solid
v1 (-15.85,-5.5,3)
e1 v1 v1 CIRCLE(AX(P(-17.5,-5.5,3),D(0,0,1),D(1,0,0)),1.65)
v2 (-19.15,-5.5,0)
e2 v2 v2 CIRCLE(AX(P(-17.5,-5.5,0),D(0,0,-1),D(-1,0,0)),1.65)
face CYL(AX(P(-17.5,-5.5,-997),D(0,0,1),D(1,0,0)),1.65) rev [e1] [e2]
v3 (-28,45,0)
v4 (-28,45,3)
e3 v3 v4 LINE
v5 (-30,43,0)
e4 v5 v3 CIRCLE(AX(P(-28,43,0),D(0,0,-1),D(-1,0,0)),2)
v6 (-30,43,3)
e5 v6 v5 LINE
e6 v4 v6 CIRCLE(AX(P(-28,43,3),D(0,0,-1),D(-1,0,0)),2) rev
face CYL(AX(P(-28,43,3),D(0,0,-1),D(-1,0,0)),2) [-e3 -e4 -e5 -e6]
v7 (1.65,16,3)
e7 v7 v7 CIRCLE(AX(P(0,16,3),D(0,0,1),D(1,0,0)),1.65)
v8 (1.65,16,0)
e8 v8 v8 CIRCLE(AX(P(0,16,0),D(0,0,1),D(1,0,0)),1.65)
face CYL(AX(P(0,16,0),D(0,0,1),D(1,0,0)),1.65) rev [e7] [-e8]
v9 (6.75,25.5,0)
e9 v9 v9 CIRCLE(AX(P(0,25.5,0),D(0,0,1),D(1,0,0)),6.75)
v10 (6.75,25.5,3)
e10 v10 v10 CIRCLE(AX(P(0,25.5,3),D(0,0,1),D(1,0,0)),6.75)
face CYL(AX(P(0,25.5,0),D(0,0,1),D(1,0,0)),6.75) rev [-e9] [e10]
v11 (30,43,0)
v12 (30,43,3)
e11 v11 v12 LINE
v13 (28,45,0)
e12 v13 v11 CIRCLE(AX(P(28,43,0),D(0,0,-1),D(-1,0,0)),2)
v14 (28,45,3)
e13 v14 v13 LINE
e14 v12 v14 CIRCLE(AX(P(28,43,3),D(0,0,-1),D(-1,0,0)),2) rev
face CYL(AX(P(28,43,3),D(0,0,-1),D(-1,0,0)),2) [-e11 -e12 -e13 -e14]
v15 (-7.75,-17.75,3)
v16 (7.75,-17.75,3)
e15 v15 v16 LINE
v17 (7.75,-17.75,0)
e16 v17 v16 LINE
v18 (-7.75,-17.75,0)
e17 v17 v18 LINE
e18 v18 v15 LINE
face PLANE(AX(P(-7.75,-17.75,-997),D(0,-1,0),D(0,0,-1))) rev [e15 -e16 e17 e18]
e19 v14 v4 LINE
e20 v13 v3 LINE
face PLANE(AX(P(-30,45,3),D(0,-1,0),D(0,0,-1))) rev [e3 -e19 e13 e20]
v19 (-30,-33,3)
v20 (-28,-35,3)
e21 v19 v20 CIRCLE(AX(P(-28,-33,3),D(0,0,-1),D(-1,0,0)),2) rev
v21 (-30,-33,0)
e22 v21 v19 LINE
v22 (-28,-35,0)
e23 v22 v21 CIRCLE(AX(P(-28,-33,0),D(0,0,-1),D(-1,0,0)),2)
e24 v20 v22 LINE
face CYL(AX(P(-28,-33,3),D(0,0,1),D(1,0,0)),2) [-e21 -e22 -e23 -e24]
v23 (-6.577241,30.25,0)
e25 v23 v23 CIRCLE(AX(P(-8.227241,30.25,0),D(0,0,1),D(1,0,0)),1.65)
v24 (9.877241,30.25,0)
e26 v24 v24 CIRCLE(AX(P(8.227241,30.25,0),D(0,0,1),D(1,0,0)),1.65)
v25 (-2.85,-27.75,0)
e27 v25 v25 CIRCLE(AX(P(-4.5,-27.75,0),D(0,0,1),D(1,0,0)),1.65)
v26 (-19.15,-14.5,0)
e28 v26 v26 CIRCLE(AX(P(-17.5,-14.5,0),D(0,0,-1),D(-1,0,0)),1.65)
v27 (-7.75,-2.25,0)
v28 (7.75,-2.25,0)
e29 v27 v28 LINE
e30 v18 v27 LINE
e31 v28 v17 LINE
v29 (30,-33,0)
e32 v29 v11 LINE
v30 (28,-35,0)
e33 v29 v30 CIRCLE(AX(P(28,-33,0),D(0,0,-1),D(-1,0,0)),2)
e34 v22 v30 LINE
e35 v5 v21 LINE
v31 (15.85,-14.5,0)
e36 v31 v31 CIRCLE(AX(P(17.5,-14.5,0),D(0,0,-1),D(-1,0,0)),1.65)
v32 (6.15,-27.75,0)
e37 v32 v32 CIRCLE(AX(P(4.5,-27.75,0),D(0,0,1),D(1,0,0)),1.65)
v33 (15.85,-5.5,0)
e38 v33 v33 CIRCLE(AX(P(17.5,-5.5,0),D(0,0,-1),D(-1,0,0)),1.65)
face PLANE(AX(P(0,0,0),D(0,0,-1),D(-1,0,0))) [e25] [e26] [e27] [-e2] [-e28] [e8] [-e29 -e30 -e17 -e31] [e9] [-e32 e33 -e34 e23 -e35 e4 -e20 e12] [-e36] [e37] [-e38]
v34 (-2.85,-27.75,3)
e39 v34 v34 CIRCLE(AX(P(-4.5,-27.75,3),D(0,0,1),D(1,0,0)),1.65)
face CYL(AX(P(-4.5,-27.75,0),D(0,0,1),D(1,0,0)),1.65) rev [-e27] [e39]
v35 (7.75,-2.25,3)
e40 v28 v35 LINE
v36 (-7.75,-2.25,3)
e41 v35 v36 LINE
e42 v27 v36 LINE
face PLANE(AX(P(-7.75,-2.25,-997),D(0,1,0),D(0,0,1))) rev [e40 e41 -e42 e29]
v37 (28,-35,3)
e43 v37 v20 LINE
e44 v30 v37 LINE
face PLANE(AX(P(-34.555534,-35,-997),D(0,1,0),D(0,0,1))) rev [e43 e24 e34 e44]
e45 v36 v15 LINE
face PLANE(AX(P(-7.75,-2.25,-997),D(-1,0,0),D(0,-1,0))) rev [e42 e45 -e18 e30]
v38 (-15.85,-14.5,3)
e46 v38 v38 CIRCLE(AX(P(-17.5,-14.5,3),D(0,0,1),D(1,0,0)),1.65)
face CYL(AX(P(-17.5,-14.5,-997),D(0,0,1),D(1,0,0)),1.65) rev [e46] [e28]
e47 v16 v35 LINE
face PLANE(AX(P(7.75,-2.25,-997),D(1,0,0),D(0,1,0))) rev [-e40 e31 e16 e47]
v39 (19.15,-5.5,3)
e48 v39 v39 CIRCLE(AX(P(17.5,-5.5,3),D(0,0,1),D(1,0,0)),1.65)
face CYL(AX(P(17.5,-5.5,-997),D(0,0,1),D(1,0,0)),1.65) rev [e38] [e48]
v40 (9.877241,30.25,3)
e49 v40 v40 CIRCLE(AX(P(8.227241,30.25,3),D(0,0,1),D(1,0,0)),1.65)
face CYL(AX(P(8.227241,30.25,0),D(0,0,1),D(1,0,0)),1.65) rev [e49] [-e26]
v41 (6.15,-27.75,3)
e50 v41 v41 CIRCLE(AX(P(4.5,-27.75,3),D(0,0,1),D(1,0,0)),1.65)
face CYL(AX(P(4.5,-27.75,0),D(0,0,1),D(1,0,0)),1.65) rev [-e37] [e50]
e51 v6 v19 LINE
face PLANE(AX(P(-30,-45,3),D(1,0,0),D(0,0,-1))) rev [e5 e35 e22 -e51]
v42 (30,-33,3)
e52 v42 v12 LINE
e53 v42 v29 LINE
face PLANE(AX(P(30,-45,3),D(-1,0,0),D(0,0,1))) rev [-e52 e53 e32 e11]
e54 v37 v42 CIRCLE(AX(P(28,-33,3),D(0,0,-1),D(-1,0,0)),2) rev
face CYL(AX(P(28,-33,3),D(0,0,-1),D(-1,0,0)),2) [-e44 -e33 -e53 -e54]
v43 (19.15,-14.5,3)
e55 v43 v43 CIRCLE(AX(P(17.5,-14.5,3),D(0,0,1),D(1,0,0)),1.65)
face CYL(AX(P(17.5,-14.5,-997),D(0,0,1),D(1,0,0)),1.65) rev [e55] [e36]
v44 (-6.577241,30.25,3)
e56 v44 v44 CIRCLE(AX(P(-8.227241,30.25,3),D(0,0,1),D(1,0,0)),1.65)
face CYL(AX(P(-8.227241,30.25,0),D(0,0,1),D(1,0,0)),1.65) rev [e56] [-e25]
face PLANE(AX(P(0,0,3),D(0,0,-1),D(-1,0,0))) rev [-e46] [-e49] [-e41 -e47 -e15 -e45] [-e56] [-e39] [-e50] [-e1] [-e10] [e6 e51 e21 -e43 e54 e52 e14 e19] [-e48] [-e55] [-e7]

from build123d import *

# Parameters (mm, degrees)
SKETCH_1_W          = 60
SKETCH_1_H          = 90
EXTRUDE_1_DEPTH     = 3
SKETCH_2_R          = 1.65
CUT_EXTRUDE_1_DEPTH = 3
SKETCH_5_W          = 15.5
SKETCH_5_H          = 15.5
CUT_EXTRUDE_4_DEPTH = 1000
SKETCH_3_R          = 1.65
CUT_EXTRUDE_2_DEPTH = 3
SKETCH_4_R          = 6.75
CUT_EXTRUDE_3_DEPTH = 3
FILLET_1_R          = 2
SKETCH_6_W          = 69.11106811
SKETCH_6_H          = 12.862943276
CUT_EXTRUDE_5_DEPTH = 1000
FILLET_2_R          = 2
SKETCH_7_R          = 1.65
CUT_EXTRUDE_6_DEPTH = 1000


with BuildPart() as part:
    # 草图1 → 凸台-拉伸1 (new body)
    with BuildSketch(Plane.XY):
        Rectangle(SKETCH_1_W, SKETCH_1_H)
    extrude(amount=EXTRUDE_1_DEPTH)

    # 草图2 → 切除-拉伸1 (cut)
    with BuildSketch(Plane.XY.offset(3)):
        with Locations((0, 16)):
            Circle(SKETCH_2_R)
        with Locations((-8.227241336, 30.25)):
            Circle(SKETCH_2_R)
        with Locations((8.227241336, 30.25)):
            Circle(SKETCH_2_R)
    extrude(amount=-CUT_EXTRUDE_1_DEPTH, mode=Mode.SUBTRACT)

    # 草图5 → 切除-拉伸4 (cut)
    with BuildSketch(Plane.XY.offset(3)):
        with Locations((0, -10)):
            Rectangle(SKETCH_5_W, SKETCH_5_H)
    extrude(amount=-CUT_EXTRUDE_4_DEPTH, mode=Mode.SUBTRACT)

    # 草图3 → 切除-拉伸2 (cut)
    with BuildSketch(Plane.XY.offset(3)):
        with Locations((4.5, -27.75)):
            Circle(SKETCH_3_R)
        with Locations((-4.5, -27.75)):
            Circle(SKETCH_3_R)
    extrude(amount=-CUT_EXTRUDE_2_DEPTH, mode=Mode.SUBTRACT)

    # 草图4 → 切除-拉伸3 (cut)
    with BuildSketch(Plane.XY.offset(3)):
        with Locations((0, 25.5)):
            Circle(SKETCH_4_R)
    extrude(amount=-CUT_EXTRUDE_3_DEPTH, mode=Mode.SUBTRACT)

    # 圆角1
    fillet_1_edges = [part.edges().sort_by_distance(p)[0] for p in [
        (-30, 45, 1.5),
        (30, 45, 1.5),
    ]]
    fillet(fillet_1_edges, radius=FILLET_1_R)

    # 草图6 → 切除-拉伸5 (cut)
    with BuildSketch(Plane.XY.offset(3)):
        with Locations((0, -41.431471638)):
            Rectangle(SKETCH_6_W, SKETCH_6_H)
    extrude(amount=-CUT_EXTRUDE_5_DEPTH, mode=Mode.SUBTRACT)

    # 圆角2
    fillet_2_edges = [part.edges().sort_by_distance(p)[0] for p in [
        (30, -35, 1.5),
        (-30, -35, 1.5),
    ]]
    fillet(fillet_2_edges, radius=FILLET_2_R)

    # 草图7 → 切除-拉伸6 (cut)
    with BuildSketch(Plane.XY.offset(3)):
        with Locations((17.5, -5.5)):
            Circle(SKETCH_7_R)
        with Locations((17.5, -14.5)):
            Circle(SKETCH_7_R)
        with Locations((-17.5, -5.5)):
            Circle(SKETCH_7_R)
        with Locations((-17.5, -14.5)):
            Circle(SKETCH_7_R)
    extrude(amount=-CUT_EXTRUDE_6_DEPTH, mode=Mode.SUBTRACT)


solid = part.part
